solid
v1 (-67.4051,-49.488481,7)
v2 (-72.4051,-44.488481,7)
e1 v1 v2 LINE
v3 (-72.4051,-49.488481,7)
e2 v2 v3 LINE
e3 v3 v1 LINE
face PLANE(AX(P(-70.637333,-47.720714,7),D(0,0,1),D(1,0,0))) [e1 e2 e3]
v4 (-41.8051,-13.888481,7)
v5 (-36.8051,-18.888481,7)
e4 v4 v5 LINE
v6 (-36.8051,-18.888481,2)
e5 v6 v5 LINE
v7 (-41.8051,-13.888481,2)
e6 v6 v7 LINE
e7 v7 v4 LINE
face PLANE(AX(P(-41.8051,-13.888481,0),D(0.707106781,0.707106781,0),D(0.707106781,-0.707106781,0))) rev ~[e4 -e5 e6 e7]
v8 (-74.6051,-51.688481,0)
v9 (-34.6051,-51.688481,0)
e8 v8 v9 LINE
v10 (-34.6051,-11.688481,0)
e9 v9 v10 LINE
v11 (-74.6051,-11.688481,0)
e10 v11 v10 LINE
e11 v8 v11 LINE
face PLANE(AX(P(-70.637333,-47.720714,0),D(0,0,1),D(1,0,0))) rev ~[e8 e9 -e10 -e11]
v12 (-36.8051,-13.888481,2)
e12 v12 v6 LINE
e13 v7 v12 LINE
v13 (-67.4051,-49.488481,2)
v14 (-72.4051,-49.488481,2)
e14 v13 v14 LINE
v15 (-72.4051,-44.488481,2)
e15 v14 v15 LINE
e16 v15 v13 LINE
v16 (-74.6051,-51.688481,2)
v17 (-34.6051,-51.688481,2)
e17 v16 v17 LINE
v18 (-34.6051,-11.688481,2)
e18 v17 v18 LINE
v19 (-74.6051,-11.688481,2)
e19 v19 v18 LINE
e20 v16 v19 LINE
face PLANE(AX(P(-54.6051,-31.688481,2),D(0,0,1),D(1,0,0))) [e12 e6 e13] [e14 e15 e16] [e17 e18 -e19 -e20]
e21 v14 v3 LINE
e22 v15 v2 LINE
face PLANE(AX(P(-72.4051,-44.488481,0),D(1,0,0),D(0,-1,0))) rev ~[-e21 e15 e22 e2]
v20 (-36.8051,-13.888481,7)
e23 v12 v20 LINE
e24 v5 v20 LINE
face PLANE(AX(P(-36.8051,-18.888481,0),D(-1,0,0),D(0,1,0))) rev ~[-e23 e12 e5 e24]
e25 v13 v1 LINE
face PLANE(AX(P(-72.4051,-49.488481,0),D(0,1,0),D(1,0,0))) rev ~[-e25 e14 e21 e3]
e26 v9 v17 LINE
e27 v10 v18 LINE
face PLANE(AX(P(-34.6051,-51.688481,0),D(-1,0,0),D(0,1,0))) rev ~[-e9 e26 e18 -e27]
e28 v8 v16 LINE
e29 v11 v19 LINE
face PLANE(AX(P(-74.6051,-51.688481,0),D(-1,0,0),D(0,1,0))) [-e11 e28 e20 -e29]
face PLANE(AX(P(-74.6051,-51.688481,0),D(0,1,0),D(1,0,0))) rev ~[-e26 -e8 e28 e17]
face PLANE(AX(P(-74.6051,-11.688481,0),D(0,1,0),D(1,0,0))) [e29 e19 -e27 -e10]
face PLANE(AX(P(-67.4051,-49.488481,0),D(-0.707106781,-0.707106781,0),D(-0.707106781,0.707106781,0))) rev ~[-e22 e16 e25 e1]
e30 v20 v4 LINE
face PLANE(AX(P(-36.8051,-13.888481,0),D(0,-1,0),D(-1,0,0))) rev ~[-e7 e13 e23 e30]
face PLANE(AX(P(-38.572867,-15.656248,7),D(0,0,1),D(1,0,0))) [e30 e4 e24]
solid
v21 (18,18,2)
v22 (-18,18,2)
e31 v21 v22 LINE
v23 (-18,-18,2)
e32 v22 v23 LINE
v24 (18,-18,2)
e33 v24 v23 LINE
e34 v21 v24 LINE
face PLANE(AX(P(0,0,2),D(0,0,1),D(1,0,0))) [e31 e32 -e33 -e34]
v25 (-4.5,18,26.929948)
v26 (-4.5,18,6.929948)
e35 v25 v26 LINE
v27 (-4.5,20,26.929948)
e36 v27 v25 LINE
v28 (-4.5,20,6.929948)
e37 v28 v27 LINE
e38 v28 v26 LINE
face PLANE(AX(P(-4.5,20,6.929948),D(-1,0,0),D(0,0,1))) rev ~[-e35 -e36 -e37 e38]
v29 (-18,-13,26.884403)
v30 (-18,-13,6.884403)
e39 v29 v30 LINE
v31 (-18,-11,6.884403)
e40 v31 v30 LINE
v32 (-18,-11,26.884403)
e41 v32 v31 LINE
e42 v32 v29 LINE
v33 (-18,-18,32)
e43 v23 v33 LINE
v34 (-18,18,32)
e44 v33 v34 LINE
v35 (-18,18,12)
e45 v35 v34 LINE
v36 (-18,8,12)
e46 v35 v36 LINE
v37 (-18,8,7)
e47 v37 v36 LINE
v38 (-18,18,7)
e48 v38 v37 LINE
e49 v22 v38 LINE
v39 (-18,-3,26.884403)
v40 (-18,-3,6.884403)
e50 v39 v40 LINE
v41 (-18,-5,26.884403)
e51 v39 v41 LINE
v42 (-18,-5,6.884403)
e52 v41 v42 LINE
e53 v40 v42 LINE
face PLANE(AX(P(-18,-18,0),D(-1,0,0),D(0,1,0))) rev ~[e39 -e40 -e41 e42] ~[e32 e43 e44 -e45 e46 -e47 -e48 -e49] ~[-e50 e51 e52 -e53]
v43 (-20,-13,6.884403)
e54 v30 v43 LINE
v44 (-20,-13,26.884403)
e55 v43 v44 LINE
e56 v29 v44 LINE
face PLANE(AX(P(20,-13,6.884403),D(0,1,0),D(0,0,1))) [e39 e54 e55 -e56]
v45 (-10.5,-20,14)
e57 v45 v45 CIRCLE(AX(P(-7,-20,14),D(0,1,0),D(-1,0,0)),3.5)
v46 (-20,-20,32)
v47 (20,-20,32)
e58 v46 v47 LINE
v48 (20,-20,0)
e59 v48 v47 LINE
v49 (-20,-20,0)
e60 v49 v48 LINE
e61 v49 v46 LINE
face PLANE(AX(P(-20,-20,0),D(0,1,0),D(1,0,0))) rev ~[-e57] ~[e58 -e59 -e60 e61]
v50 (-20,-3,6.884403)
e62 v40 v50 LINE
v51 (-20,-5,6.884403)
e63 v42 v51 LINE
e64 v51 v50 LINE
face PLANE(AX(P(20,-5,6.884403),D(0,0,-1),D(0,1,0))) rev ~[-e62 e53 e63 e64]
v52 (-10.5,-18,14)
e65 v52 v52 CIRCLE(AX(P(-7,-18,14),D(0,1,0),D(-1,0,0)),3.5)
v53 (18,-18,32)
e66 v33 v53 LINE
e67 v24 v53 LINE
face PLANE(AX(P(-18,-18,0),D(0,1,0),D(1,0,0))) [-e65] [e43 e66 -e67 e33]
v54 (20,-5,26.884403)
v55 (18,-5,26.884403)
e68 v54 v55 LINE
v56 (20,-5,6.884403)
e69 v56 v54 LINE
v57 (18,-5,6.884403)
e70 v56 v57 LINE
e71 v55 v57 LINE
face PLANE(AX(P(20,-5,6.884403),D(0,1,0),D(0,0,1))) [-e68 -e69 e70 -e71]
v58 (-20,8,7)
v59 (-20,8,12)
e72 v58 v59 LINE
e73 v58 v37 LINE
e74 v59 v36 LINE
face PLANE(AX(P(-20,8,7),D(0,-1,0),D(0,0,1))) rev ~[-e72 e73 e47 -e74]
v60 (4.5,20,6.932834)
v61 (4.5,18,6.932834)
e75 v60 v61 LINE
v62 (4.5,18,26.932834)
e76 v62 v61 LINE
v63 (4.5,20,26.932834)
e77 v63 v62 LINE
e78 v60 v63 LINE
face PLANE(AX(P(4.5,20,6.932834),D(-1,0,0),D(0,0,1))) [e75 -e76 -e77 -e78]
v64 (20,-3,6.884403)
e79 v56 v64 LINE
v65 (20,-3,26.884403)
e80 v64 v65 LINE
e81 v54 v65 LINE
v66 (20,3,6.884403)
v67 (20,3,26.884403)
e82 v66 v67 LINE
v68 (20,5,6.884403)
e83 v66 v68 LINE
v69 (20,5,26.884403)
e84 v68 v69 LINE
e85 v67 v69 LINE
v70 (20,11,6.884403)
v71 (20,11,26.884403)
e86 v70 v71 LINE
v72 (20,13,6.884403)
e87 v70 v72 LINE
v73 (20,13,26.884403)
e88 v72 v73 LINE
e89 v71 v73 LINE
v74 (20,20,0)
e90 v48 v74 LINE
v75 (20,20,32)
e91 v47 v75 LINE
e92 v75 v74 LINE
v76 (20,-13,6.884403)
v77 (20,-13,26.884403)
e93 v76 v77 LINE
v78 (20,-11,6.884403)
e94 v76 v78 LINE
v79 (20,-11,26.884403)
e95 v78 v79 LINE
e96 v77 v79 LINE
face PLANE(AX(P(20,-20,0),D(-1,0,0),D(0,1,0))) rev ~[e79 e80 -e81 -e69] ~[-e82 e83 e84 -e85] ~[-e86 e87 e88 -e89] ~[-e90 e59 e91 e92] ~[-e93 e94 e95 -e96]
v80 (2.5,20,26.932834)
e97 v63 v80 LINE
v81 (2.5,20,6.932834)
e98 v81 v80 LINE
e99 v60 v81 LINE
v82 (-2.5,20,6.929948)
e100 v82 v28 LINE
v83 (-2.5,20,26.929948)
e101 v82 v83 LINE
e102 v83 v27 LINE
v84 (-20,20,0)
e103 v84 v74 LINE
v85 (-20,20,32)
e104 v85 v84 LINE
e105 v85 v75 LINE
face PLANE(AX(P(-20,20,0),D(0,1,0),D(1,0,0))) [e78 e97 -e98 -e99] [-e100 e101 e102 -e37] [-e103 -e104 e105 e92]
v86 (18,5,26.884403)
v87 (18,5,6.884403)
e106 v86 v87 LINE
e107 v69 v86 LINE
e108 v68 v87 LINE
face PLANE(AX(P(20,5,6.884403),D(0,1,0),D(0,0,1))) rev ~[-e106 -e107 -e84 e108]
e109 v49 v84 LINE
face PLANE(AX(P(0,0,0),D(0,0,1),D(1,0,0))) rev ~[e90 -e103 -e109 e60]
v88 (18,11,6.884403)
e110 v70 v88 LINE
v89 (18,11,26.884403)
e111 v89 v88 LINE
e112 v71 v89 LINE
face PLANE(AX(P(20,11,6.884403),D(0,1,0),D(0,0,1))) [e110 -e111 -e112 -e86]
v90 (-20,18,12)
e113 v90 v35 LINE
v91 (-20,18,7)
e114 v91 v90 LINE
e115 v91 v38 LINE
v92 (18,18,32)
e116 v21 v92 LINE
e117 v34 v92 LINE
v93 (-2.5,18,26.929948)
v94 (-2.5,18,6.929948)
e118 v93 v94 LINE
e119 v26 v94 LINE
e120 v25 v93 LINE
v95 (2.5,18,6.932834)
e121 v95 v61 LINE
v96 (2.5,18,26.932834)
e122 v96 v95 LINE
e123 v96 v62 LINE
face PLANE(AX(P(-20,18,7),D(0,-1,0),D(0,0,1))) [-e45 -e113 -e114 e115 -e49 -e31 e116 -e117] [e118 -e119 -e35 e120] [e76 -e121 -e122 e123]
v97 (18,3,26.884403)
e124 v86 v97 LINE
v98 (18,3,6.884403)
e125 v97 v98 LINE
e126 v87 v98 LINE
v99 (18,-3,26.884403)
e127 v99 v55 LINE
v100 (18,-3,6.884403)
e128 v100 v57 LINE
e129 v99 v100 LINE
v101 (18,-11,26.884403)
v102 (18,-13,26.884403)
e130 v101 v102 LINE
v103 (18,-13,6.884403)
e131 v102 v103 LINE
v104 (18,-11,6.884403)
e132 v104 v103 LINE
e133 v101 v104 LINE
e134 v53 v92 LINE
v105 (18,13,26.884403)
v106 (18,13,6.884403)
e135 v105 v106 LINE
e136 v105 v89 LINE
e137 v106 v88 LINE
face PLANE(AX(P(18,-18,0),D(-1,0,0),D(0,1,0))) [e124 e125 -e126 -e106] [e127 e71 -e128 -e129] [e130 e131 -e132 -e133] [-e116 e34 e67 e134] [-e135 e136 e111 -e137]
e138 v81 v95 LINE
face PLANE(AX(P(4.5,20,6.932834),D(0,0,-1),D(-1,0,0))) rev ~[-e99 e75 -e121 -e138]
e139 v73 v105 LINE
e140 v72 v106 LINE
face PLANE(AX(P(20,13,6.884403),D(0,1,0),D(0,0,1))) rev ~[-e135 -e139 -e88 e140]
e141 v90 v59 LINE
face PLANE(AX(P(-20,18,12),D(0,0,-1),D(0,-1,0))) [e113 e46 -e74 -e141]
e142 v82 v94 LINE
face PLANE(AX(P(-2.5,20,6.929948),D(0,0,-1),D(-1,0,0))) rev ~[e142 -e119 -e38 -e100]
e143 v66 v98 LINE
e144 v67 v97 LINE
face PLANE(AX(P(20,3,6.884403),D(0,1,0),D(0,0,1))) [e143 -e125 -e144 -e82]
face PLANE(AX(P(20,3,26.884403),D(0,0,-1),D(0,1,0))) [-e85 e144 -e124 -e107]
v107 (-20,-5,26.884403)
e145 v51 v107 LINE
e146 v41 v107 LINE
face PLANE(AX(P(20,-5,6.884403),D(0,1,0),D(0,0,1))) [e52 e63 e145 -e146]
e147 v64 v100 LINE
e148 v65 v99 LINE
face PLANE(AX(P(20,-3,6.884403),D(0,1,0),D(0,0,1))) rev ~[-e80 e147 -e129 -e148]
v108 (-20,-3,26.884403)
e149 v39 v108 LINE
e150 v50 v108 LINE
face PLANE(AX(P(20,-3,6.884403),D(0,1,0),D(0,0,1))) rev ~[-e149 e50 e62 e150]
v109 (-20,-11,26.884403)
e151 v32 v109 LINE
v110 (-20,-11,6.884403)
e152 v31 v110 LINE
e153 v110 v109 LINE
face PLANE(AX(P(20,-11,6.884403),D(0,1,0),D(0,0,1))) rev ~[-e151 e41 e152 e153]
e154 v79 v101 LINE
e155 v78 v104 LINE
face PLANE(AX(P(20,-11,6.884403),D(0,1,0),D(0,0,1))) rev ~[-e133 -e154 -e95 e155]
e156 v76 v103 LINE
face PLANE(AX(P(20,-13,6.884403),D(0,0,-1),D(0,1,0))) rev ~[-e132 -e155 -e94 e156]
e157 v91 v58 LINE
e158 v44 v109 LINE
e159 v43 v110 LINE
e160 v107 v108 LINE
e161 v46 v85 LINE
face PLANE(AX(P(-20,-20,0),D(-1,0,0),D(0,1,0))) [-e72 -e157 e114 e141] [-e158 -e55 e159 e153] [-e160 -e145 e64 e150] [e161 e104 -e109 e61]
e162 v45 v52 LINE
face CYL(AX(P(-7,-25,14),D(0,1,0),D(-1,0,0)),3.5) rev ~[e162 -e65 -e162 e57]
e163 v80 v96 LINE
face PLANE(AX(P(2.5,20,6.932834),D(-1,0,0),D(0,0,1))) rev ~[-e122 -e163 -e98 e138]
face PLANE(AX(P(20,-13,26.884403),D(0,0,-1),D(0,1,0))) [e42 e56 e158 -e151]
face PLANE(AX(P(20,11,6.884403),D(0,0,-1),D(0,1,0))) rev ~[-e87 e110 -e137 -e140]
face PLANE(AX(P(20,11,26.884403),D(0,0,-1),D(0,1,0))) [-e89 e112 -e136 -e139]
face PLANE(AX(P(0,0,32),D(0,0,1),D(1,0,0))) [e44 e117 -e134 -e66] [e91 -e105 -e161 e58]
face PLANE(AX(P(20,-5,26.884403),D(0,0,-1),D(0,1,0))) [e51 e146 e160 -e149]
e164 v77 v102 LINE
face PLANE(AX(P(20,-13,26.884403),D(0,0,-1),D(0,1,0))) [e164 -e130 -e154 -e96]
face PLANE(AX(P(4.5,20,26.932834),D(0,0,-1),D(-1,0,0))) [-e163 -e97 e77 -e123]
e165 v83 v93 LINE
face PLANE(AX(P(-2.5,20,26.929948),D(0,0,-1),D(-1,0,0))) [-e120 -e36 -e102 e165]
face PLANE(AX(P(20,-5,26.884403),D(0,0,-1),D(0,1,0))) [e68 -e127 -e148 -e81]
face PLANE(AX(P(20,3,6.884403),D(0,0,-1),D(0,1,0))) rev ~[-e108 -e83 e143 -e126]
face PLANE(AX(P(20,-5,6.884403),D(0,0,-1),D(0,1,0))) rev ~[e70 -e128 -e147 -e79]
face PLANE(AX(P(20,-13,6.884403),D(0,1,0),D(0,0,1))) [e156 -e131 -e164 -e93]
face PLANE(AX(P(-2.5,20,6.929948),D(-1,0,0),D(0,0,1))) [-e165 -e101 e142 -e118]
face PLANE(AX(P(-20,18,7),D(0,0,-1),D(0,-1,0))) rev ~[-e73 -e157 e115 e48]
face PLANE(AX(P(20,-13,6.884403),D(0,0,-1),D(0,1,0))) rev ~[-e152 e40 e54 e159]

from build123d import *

# Parameters (mm, degrees)
F0_W      = 40
F0_H      = 40
F0_W_2    = 36
F0_H_2    = 36
F1_DEPTH  = 2
F2_DEPTH  = 32
F3_W      = 10
F3_H      = 5
F4_DEPTH  = 2
F6_D      = 7
F6_DEPTH  = 5
F6_TIP    = 2.1030121666
F7_W      = 2
F7_H      = 20
F8_DEPTH  = 40
F9_DEPTH  = 25
F10_W     = 2
F10_H     = 20
F11_DEPTH = 25
F12_W     = 40
F12_H     = 40
F13_DEPTH = 2
F14_DEPTH = 7


with BuildPart() as f1:
    # F0 (on Top) → F1 (new body)
    with BuildSketch(Plane.XY):
        Rectangle(F0_W, F0_H)
        Rectangle(F0_W_2, F0_H_2, mode=Mode.SUBTRACT)
        Rectangle(F0_W_2, F0_H_2)
    extrude(amount=F1_DEPTH)

    # F0 (on Top) → F2 (join)
    with BuildSketch(Plane.XY):
        Rectangle(F0_W, F0_H)
        Rectangle(F0_W_2, F0_H_2, mode=Mode.SUBTRACT)
    extrude(amount=F2_DEPTH)

    # F3 (on face) → F4 (cut)
    with BuildSketch(Plane(origin=(-20, 0, 0), x_dir=(0, -1, 0), z_dir=(-1, 0, 0))):
        with Locations((-13, 9.5)):
            Rectangle(F3_W, F3_H)
    extrude(amount=-F4_DEPTH, mode=Mode.SUBTRACT)

    # F6
    with Locations(Plane.XZ.offset(20)):
        with Locations((-7, 14)):
            Hole(F6_D / 2, depth=F6_DEPTH)
            with Locations((0, 0, -(F6_DEPTH + F6_TIP / 2))):  # 118° drill point
                Cone(0, F6_D / 2, F6_TIP, mode=Mode.SUBTRACT)

    # F7 (on face) → F8 (cut)
    with BuildSketch(Plane.YZ.offset(20)):
        with Locations((-12, 16.8844033033)):
            Rectangle(F7_W, F7_H)
        with Locations((-4, 16.8844033033)):
            Rectangle(F7_W, F7_H)
    extrude(amount=-F8_DEPTH, mode=Mode.SUBTRACT)

    # F7 (on face) → F9 (cut)
    with BuildSketch(Plane.YZ.offset(20)):
        with Locations((4, 16.8844033033)):
            Rectangle(F7_W, F7_H)
        with Locations((12, 16.8844033033)):
            Rectangle(F7_W, F7_H)
    extrude(amount=-F9_DEPTH, mode=Mode.SUBTRACT)

    # F10 (on face) → F11 (cut)
    with BuildSketch(Plane(origin=(0, 20, 0), x_dir=(-1, 0, 0), z_dir=(0, 1, 0))):
        with Locations((-3.5, 16.9328343759)):
            Rectangle(F10_W, F10_H)
        with Locations((3.5, 16.9299475346)):
            Rectangle(F10_W, F10_H)
    extrude(amount=-F11_DEPTH, mode=Mode.SUBTRACT)


with BuildPart() as f13:
    # F12 (on Top) → F13 (new body)
    with BuildSketch(Plane.XY):
        with Locations((-54.6050996959, -31.6884810731)):
            Rectangle(F12_W, F12_H)
        Polygon((-72.4050996959, -44.4884810731), (-67.4050996959, -49.4884810731), (-72.4050996959, -49.4884810731), align=None, mode=Mode.SUBTRACT)
        Polygon((-41.8050996959, -13.8884810731), (-36.8050996959, -13.8884810731), (-36.8050996959, -18.8884810731), align=None, mode=Mode.SUBTRACT)
        Polygon((-72.4050996959, -49.4884810731), (-67.4050996959, -49.4884810731), (-72.4050996959, -44.4884810731), align=None)
        Polygon((-36.8050996959, -18.8884810731), (-36.8050996959, -13.8884810731), (-41.8050996959, -13.8884810731), align=None)
    extrude(amount=F13_DEPTH)

    # F12 (on Top) → F14 (join)
    with BuildSketch(Plane.XY):
        Polygon((-72.4050996959, -49.4884810731), (-67.4050996959, -49.4884810731), (-72.4050996959, -44.4884810731), align=None)
        Polygon((-36.8050996959, -18.8884810731), (-36.8050996959, -13.8884810731), (-41.8050996959, -13.8884810731), align=None)
    extrude(amount=F14_DEPTH)


solid = Compound([f1.part, f13.part])
